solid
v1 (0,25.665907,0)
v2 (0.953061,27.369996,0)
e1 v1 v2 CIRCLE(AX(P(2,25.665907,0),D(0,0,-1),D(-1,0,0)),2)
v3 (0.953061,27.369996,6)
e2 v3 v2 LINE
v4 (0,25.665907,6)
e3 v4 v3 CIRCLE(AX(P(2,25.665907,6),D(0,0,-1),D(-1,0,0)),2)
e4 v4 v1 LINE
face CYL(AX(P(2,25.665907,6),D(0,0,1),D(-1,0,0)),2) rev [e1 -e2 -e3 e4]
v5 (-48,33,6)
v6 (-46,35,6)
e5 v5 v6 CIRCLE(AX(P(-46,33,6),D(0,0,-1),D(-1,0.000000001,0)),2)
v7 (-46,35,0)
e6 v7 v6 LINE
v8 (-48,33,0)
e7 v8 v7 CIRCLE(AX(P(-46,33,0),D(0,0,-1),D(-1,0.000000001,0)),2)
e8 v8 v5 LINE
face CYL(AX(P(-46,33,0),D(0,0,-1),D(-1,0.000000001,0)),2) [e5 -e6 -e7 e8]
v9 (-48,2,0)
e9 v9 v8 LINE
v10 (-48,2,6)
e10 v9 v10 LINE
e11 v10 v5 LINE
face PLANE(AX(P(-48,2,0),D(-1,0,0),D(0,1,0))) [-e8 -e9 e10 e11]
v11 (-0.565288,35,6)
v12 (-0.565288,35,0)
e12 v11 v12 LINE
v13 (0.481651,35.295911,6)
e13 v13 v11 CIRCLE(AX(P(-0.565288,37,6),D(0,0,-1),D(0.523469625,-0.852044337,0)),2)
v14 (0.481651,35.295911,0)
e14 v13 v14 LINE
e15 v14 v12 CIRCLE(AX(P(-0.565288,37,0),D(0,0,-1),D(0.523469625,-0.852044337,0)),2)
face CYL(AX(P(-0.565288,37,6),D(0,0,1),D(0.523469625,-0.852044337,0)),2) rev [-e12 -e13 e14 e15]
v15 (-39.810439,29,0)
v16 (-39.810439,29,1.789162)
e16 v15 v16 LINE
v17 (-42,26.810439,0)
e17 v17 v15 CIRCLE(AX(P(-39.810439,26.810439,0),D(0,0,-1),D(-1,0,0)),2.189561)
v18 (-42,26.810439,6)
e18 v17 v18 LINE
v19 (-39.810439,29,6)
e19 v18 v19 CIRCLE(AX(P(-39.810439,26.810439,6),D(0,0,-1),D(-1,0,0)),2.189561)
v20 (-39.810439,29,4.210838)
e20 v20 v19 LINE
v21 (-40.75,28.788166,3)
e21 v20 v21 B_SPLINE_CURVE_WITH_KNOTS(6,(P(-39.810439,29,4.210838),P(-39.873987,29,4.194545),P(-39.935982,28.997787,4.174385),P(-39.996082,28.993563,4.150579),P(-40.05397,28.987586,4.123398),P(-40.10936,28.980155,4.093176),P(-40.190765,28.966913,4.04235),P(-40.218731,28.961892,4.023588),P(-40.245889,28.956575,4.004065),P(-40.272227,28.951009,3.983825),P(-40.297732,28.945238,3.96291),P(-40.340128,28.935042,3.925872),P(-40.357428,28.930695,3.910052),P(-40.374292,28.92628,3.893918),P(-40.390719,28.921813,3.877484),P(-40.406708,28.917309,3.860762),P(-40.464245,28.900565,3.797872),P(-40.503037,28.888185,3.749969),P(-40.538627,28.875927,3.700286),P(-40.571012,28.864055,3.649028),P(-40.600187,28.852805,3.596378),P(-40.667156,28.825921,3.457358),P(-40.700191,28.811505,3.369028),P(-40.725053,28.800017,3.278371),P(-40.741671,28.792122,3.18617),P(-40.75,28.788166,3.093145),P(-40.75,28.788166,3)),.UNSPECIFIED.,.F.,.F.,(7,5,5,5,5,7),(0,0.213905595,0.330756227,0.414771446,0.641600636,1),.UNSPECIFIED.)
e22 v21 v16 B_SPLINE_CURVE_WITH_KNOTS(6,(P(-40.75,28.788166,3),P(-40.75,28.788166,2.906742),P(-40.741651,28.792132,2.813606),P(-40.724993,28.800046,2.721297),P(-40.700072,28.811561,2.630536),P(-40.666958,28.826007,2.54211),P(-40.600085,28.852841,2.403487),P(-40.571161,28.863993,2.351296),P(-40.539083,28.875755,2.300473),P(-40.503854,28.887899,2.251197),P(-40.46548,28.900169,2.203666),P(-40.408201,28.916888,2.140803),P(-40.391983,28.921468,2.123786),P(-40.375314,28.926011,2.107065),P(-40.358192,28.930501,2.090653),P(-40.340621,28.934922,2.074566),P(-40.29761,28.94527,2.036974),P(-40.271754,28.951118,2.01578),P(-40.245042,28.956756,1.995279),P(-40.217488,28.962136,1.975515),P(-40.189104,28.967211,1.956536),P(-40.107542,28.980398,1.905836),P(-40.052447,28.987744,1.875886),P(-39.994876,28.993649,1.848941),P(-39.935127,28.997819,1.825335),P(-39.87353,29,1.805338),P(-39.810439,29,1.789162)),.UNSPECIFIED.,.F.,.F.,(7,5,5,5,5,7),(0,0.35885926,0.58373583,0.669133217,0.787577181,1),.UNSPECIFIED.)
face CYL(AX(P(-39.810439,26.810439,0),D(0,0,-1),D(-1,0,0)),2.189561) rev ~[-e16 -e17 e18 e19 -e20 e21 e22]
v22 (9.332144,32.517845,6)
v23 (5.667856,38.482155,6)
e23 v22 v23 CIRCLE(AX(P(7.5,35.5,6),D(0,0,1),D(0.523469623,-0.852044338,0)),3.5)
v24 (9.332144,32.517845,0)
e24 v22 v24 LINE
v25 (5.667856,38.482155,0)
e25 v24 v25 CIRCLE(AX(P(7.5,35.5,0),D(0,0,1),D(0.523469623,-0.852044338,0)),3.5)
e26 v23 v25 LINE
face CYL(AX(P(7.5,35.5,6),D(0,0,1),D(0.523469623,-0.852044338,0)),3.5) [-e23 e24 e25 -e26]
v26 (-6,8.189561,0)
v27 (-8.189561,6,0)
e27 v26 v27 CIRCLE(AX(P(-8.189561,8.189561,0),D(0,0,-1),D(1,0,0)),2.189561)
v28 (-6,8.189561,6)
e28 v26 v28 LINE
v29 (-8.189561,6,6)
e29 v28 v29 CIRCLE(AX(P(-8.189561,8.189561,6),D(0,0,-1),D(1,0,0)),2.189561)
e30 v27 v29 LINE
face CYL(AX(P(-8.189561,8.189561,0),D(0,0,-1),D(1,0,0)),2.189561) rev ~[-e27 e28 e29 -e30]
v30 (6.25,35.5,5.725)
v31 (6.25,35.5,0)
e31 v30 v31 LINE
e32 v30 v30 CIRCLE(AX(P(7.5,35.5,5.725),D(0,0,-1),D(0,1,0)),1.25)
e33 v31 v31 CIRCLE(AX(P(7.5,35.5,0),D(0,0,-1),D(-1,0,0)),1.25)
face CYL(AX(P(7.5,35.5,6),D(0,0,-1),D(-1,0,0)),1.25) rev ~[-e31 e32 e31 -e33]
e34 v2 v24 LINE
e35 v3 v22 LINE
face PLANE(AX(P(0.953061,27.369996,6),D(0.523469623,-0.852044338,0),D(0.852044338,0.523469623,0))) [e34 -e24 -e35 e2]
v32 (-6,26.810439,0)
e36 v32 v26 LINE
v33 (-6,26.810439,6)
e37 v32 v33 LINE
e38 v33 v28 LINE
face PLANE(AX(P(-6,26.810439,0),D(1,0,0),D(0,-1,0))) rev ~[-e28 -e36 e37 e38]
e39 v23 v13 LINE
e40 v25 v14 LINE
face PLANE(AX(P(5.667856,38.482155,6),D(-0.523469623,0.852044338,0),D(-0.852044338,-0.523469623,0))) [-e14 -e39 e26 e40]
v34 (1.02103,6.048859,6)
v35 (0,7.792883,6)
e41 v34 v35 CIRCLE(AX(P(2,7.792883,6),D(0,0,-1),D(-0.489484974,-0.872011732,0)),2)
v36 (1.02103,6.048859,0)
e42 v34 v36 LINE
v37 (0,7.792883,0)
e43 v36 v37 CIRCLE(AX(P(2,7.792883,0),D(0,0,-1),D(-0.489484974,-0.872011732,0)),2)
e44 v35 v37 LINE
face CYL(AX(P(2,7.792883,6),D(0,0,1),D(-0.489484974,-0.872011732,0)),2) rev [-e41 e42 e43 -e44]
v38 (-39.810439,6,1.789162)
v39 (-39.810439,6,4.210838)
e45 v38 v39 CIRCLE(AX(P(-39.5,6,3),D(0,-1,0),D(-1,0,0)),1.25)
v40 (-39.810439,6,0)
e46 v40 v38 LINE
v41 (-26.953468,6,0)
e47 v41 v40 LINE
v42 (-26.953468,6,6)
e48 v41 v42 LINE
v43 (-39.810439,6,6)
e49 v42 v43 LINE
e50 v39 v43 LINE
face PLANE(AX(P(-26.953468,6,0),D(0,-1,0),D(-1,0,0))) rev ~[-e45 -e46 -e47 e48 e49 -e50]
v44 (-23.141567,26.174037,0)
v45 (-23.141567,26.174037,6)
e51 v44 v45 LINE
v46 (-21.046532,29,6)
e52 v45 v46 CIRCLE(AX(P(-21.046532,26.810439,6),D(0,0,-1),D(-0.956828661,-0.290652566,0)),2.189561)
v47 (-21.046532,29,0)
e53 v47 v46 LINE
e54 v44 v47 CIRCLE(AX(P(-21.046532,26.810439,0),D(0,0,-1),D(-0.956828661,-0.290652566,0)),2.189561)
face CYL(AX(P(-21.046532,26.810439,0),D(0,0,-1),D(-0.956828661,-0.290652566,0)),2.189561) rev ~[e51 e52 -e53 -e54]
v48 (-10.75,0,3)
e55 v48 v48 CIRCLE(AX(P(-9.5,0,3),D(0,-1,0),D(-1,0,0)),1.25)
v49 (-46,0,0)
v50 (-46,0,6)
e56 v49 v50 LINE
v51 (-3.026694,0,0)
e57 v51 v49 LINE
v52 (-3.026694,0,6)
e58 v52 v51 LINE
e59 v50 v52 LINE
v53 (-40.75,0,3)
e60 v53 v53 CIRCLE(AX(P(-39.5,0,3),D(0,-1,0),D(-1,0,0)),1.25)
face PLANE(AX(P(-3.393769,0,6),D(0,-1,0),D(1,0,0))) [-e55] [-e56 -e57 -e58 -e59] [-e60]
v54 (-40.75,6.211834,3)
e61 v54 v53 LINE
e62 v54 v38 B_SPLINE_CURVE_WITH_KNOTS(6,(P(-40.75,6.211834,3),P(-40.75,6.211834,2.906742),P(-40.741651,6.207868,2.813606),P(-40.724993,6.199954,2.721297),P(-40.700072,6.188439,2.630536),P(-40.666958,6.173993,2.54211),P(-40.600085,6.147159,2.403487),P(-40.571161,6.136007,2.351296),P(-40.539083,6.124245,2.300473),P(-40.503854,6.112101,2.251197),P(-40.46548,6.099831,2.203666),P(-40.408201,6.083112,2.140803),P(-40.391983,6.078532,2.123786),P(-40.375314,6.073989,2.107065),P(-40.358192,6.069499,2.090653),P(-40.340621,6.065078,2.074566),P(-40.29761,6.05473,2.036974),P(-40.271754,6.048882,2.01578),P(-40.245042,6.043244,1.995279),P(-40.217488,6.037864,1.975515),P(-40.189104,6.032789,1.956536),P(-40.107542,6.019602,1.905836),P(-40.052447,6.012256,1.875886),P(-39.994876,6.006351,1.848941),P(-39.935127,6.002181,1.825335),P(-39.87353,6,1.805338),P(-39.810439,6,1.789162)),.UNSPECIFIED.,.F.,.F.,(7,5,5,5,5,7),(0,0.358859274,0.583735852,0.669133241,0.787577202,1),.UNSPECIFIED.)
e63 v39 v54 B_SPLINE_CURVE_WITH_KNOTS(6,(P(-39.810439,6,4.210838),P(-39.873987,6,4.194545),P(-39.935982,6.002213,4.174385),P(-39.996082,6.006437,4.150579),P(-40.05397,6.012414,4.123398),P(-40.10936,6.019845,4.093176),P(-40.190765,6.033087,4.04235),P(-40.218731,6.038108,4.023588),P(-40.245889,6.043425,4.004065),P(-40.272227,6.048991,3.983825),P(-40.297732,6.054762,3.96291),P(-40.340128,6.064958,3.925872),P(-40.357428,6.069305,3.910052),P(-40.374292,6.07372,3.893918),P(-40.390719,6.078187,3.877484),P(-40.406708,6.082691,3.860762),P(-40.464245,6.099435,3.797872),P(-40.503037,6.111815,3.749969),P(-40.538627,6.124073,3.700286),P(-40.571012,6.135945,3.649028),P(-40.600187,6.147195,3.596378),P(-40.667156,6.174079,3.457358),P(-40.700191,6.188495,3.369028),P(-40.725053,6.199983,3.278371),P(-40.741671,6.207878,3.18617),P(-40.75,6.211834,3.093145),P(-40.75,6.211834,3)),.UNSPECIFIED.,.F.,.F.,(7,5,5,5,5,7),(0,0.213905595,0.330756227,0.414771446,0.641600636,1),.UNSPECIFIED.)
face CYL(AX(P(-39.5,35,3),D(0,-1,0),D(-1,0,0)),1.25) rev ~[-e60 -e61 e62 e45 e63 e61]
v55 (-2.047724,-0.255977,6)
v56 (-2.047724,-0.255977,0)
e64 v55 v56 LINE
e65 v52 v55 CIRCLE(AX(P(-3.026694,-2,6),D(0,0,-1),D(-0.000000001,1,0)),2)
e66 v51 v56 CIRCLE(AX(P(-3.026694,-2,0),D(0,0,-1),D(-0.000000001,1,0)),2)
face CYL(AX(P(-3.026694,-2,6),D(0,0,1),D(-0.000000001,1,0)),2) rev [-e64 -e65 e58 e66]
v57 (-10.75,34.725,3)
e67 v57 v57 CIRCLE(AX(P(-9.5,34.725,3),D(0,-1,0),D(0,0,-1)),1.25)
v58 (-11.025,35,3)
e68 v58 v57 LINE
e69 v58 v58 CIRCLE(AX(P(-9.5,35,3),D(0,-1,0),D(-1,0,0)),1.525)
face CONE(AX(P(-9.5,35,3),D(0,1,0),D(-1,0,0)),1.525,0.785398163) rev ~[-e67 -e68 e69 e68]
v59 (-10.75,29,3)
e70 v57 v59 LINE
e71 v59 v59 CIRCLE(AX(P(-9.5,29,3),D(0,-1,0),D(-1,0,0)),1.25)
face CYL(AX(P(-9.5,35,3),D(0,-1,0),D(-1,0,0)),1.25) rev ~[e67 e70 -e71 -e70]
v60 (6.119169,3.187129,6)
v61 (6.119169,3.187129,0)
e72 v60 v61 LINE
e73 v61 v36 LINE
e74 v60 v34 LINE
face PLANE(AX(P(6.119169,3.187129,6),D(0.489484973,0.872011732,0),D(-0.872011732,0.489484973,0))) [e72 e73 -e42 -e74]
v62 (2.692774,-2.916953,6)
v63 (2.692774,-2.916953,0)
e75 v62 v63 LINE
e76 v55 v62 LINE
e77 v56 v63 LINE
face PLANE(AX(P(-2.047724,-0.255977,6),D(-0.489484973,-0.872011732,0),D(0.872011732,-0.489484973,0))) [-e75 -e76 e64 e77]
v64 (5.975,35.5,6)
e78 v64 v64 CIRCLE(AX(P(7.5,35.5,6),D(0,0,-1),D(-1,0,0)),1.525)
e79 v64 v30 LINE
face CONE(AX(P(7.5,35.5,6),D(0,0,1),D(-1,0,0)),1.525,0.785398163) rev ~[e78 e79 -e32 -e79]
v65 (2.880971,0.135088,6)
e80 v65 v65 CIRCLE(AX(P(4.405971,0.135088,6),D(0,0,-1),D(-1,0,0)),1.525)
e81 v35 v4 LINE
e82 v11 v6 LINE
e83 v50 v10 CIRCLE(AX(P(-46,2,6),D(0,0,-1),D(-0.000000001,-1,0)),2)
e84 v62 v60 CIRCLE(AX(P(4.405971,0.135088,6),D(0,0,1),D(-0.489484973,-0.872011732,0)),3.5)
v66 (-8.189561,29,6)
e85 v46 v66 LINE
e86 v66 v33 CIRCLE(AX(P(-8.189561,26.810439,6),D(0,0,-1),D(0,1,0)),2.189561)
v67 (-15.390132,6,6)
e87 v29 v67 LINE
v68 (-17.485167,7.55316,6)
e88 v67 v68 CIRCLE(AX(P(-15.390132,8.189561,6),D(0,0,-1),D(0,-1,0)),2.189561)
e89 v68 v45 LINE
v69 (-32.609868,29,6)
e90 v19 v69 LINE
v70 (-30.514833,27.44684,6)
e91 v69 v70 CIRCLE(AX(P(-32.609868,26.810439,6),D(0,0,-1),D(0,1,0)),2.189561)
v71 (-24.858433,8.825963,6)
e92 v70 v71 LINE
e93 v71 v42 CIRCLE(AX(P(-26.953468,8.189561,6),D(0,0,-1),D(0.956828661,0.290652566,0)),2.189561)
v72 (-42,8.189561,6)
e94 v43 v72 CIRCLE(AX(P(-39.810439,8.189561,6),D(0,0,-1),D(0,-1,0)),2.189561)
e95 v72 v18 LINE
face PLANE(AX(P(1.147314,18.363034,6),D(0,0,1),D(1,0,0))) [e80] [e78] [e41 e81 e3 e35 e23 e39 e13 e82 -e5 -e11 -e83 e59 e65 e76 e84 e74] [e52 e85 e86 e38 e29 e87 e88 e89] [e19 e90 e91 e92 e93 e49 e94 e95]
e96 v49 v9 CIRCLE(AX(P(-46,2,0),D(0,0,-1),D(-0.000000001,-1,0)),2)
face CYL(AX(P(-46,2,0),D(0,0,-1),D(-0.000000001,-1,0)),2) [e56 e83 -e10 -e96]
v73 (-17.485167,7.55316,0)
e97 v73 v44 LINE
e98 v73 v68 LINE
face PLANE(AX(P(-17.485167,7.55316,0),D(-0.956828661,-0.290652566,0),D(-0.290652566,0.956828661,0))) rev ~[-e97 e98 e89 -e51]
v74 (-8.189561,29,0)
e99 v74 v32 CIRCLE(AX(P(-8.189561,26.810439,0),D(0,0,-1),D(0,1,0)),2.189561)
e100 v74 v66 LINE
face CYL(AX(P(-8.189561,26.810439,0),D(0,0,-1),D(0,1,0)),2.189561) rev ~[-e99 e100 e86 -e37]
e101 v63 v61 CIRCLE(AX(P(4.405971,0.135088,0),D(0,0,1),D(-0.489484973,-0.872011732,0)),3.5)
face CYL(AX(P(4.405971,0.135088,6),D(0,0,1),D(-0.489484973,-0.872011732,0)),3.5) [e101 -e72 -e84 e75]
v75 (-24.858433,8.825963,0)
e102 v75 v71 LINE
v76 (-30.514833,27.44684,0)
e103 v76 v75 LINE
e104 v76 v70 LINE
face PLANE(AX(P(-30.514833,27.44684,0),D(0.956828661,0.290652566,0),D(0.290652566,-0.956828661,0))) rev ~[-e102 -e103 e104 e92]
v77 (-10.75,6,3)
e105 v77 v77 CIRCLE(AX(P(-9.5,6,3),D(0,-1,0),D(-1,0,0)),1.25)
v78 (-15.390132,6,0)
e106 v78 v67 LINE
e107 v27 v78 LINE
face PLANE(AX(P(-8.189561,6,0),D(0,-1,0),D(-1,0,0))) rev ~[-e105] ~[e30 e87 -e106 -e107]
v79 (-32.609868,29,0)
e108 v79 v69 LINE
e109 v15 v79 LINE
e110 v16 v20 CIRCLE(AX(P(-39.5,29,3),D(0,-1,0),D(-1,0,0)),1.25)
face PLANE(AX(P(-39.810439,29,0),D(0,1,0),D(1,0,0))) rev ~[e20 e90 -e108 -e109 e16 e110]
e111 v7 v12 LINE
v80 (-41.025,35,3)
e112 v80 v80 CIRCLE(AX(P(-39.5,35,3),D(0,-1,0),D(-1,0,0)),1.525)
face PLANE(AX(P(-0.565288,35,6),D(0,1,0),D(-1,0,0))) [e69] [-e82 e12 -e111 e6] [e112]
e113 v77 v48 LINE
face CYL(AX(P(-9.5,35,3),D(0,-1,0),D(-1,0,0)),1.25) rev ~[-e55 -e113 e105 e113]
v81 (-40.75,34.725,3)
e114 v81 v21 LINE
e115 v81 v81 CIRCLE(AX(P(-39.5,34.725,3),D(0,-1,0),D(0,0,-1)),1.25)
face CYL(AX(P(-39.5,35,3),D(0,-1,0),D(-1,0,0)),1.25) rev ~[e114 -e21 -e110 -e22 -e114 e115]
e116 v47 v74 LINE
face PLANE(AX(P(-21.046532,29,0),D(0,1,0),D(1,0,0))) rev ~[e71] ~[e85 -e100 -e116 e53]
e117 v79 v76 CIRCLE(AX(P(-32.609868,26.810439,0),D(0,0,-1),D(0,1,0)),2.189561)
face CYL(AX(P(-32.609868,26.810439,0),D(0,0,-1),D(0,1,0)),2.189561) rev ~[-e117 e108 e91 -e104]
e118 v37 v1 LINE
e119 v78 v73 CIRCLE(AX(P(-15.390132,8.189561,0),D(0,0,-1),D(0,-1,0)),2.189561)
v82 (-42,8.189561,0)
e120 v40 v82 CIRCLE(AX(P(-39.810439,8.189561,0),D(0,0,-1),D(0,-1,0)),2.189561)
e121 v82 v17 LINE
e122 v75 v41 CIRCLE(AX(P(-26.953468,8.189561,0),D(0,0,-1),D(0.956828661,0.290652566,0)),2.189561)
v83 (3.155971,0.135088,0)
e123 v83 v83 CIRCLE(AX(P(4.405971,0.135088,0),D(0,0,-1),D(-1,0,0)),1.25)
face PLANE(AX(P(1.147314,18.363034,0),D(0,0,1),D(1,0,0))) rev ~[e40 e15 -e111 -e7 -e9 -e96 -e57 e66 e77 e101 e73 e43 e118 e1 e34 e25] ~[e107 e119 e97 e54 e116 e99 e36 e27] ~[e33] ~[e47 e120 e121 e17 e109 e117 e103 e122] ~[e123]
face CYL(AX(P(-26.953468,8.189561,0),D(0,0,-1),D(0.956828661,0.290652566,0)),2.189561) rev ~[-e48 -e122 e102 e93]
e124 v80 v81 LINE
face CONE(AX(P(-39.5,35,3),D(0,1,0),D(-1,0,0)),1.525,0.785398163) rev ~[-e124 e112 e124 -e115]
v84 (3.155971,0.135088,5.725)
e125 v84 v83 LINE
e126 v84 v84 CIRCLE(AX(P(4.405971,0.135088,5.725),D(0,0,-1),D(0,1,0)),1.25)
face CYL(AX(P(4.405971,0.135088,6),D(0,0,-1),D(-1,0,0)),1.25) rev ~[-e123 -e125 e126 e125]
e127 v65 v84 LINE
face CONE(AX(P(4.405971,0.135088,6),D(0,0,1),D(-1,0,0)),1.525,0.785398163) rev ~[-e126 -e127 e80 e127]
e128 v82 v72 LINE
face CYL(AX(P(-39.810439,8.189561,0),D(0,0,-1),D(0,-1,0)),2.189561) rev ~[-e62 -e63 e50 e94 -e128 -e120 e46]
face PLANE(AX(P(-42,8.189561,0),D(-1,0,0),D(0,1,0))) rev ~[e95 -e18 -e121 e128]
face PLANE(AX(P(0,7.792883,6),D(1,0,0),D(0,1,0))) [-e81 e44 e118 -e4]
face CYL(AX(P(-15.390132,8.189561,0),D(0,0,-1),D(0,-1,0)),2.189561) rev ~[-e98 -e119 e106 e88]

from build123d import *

# Parameters (mm, degrees)
EXTRUDE_1_DEPTH              = 6
EXTRUDE_2_DEPTH              = 6
HOLE_WIZARD_M3_1_D           = 2.5
HOLE_WIZARD_M3_1_CSINK_D     = 3.05
HOLE_WIZARD_M3_1_CSINK_ANGLE = 90
HOLE_WIZARD_M3_2_D           = 2.5
HOLE_WIZARD_M3_2_CSINK_D     = 3.05
HOLE_WIZARD_M3_2_CSINK_ANGLE = 90


with BuildPart() as part:
    # 草图1 → 凸台-拉伸1 (new body)
    with BuildSketch(Plane.XY):
        with BuildLine():
            Line((0, 0), (-46, 0))
            ThreePointArc((-46, 0), (-47.414213562, 0.585786438), (-48, 2))
            Line((-48, 2), (-48, 33))
            ThreePointArc((-48, 33), (-47.414213562, 34.414213562), (-46, 35))
            Line((-46, 35), (0, 35))
            Line((0, 35), (0, 0))
        make_face()
        with BuildLine():
            Line((-30.514833292, 27.446840468), (-24.85843299, 8.825962624))
            ThreePointArc((-24.85843299, 8.825962624), (-25.194545135, 6.885579165), (-26.953467783, 6))
            Line((-26.953467783, 6), (-39.810438922, 6))
            ThreePointArc((-39.810438922, 6), (-41.358692408, 6.641307592), (-42, 8.189561078))
            Line((-42, 8.189561078), (-42, 26.810438922))
            ThreePointArc((-42, 26.810438922), (-41.358692408, 28.358692408), (-39.810438922, 29))
            Line((-39.810438922, 29), (-32.609868086, 29))
            ThreePointArc((-32.609868086, 29), (-31.305886173, 28.569361571), (-30.514833292, 27.446840468))
        make_face(mode=Mode.SUBTRACT)
        with BuildLine():
            Line((-6, 26.810438922), (-6, 8.189561078))
            ThreePointArc((-6, 8.189561078), (-6.641307592, 6.641307592), (-8.189561078, 6))
            Line((-8.189561078, 6), (-15.390131914, 6))
            ThreePointArc((-15.390131914, 6), (-16.694113827, 6.430638429), (-17.485166708, 7.553159532))
            Line((-17.485166708, 7.553159532), (-23.14156701, 26.174037376))
            ThreePointArc((-23.14156701, 26.174037376), (-22.805454865, 28.114420835), (-21.046532217, 29))
            Line((-21.046532217, 29), (-8.189561078, 29))
            ThreePointArc((-8.189561078, 29), (-6.641307592, 28.358692408), (-6, 26.810438922))
        make_face(mode=Mode.SUBTRACT)
    extrude(amount=EXTRUDE_1_DEPTH)

    # 草图3 → 凸台-拉伸2 (add)
    with BuildSketch(Plane.XY.offset(6)):
        with BuildLine():
            Line((5.667856321, 38.482155184), (0.48165081, 35.295911324))
            ThreePointArc((0.48165081, 35.295911324), (-0.021311116, 35.075399086), (-0.565288435, 35))
            Line((-0.565288435, 35), (-3.393768866, 35))
            Line((-3.393768866, 35), (-3.393768866, 0))
            Line((-3.393768866, 0), (-3.026694271, 0))
            ThreePointArc((-3.026694271, 0), (-2.520753033, -0.065052077), (-2.047724325, -0.255976536))
            Line((-2.047724325, -0.255976536), (2.692773727, -2.916952845))
            ThreePointArc((2.692773727, -2.916952845), (7.458012195, -1.578109188), (6.119168538, 3.187129281))
            Line((6.119168538, 3.187129281), (1.021030054, 6.048859331))
            ThreePointArc((1.021030054, 6.048859331), (0.274030723, 6.782422478), (0, 7.792882796))
            Line((0, 7.792882796), (0, 25.665907397))
            ThreePointArc((0, 25.665907397), (0.254451592, 26.642155703), (0.953060755, 27.369996073))
            Line((0.953060755, 27.369996073), (9.332143679, 32.517844816))
            ThreePointArc((9.332143679, 32.517844816), (10.482155184, 37.332143679), (5.667856321, 38.482155184))
        make_face()
    extrude(amount=-EXTRUDE_2_DEPTH)

    # M3 螺纹孔1 (through all)
    with Locations(Plane.XY.offset(6)):
        with Locations((7.5, 35.5), (4.405971132, 0.135088218)):
            CounterSinkHole(HOLE_WIZARD_M3_1_D / 2, HOLE_WIZARD_M3_1_CSINK_D / 2, counter_sink_angle=HOLE_WIZARD_M3_1_CSINK_ANGLE)

    # M3 螺纹孔2 (through all)
    with Locations(Plane(origin=(0, 35, 0), x_dir=(1, 0, 0), z_dir=(0, 1, 0))):
        with Locations((-39.5, -3), (-9.5, -3)):
            CounterSinkHole(HOLE_WIZARD_M3_2_D / 2, HOLE_WIZARD_M3_2_CSINK_D / 2, counter_sink_angle=HOLE_WIZARD_M3_2_CSINK_ANGLE)


solid = part.part
